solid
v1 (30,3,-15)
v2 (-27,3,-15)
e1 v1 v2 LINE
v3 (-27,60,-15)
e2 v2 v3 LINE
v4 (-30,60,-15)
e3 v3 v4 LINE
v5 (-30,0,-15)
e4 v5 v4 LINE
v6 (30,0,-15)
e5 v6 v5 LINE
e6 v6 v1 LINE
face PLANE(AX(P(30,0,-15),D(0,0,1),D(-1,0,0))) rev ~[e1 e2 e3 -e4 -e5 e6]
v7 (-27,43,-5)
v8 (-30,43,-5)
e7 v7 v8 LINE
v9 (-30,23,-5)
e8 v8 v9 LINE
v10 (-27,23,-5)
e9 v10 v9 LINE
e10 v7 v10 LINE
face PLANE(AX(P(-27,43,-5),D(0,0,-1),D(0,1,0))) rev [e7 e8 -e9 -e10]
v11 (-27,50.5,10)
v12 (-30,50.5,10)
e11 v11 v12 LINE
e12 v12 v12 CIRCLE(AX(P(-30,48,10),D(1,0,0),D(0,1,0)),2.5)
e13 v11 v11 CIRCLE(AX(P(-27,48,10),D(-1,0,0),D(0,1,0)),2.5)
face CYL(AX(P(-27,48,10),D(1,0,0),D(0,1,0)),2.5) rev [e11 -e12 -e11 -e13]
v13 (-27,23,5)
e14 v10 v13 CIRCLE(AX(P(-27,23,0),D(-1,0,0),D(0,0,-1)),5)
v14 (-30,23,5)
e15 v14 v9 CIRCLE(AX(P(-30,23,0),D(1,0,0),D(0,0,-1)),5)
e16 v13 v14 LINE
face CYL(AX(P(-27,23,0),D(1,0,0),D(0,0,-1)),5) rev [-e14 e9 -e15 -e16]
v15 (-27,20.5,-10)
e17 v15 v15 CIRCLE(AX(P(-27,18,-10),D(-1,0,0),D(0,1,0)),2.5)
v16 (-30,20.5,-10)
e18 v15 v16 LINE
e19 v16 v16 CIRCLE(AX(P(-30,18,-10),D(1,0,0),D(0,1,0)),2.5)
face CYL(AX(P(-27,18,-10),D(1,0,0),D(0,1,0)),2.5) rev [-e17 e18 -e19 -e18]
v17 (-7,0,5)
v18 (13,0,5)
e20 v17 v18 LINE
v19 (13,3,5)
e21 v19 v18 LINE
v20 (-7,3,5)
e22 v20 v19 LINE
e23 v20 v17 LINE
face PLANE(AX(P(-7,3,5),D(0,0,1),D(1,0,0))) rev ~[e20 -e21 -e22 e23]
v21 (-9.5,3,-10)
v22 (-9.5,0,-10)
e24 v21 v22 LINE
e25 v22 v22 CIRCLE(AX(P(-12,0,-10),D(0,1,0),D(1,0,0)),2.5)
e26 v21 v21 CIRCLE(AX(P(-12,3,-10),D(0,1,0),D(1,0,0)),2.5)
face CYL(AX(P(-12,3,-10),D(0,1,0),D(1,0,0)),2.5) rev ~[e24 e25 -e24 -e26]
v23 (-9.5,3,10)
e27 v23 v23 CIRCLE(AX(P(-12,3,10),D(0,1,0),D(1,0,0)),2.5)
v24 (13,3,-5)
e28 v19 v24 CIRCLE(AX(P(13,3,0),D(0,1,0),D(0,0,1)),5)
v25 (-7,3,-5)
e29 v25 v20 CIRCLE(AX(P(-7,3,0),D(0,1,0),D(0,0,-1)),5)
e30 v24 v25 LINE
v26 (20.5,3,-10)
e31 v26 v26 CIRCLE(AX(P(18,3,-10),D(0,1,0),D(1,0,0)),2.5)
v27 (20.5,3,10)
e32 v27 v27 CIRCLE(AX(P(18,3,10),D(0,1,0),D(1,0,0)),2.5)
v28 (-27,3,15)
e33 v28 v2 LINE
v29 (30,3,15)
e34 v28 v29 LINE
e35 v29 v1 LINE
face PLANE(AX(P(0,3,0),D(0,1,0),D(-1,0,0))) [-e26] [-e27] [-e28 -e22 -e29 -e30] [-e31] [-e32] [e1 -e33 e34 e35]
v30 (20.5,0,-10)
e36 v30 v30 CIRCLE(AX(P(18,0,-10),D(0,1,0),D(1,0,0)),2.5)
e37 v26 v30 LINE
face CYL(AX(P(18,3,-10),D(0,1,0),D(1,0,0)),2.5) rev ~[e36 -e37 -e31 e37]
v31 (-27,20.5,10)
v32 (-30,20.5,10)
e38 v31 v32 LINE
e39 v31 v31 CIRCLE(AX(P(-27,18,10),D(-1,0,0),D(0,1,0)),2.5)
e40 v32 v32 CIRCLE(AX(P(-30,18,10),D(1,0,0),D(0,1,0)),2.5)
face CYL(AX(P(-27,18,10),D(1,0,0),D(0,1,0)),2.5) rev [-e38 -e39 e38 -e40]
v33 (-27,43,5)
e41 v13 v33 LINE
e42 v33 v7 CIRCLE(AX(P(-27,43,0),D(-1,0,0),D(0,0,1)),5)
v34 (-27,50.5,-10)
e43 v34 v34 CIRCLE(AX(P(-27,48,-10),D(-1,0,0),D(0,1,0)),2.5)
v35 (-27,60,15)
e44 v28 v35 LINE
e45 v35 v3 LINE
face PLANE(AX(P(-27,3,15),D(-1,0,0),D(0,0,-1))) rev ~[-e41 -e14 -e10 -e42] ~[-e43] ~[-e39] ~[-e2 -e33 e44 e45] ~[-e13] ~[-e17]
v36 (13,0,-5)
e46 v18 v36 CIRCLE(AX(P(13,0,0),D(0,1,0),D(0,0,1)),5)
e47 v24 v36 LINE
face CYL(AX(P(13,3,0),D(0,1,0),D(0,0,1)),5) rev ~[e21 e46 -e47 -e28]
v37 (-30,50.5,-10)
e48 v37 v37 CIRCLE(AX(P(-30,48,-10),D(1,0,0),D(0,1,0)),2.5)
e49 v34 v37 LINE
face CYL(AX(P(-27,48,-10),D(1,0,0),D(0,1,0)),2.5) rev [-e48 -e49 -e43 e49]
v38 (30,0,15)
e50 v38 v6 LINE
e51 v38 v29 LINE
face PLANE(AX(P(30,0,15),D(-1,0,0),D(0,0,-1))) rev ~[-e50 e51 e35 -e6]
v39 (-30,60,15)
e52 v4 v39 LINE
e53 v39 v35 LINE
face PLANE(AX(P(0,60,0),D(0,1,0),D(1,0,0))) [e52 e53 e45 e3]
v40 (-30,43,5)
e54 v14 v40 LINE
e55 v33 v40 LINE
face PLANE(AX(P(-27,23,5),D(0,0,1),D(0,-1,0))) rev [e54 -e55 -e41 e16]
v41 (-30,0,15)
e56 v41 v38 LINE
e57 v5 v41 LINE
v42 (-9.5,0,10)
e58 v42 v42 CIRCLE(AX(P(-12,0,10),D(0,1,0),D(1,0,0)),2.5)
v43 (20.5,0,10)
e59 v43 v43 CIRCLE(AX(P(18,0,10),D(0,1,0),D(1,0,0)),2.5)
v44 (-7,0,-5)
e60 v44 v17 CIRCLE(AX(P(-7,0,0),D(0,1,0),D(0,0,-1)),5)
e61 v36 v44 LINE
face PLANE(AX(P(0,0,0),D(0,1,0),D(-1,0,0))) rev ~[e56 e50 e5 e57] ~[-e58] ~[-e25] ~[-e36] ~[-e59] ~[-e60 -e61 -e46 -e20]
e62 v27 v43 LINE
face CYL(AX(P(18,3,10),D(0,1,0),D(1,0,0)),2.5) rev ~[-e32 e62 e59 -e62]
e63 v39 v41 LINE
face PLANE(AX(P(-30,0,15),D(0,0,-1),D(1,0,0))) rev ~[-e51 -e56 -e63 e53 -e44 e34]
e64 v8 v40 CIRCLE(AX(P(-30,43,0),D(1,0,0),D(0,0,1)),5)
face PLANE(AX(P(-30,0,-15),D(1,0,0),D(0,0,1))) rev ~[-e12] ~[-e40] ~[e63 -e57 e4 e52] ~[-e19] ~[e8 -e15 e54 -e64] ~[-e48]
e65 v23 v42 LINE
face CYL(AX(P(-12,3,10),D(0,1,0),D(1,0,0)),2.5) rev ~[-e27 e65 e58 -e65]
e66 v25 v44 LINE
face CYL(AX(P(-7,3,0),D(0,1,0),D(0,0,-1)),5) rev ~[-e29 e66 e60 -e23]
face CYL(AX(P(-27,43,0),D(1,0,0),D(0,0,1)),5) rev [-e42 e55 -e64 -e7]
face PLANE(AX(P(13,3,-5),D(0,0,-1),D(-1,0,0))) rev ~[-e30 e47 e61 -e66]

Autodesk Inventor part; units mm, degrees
ref_plane "YZ Plane" through (0, 0, 0) normal (1, 0, 0) x (0, 1, 0)
ref_plane "XZ Plane" through (0, 0, 0) normal (0, 1, 0) x (-1, 0, 0)
sketch "Sketch1" plane through (0, 0, 0) normal (0, 1, 0) x (-1, 0, 0)
  line L0 (-30, -15) -> (30, -15)
  line L1 (30, -15) -> (30, 15)
  line L2 (30, 15) -> (-30, 15)
  line L3 (-30, 15) -> (-30, -15)
  line L4 (-30, -15) -> (30, 15) construction
  line L5 (30, -15) -> (-30, 15) construction
  point P0 (0, 0)
  dimension "d0" = 60
  dimension "d1" = 30
extrude "Extrusion1" add sketch "Sketch1" along normal blind 3
sketch "Sketch2" plane through (0, 3, 0) normal (0, 1, 0) x (1, 0, 0)
  line L0 (-30, 15) -> (-30, -15) projected
  line L1 (30, 15) -> (-30, 15) projected
  line L2 (-30, -15) -> (-27, -15)
  line L3 (-27, -15) -> (-27, 15)
  line L4 (-27, 15) -> (-30, 15)
  line L5 (-30, 15) -> (-30, -15)
  point P0 (0, 0)
  dimension "d4" = 3
extrude "Extrusion2" add sketch "Sketch2" along normal blind 57
sketch "Sketch3" plane through (0, 3, 0) normal (0, 1, 0) x (1, 0, 0)
  line L0 (-7, 0) -> (13, 0) construction
  line L1 (-7, -5) -> (13, -5)
  line L2 (13, 5) -> (-7, 5)
  arc A0 (-7, 5) -> (-7, -5) centre (-7, 0) ccw
  arc A1 (13, -5) -> (13, 5) centre (13, 0) ccw
  line L3 (3, 0) -> (23, 0) construction
  line L4 (-27, -15) -> (30, -15) projected
  line L5 (30, -15) -> (30, 15) projected
  circle A2 centre (18, -10) radius 2.5
  point P0 (18, 0)
  dimension "d7" = 10
  dimension "d8" = 0
  dimension "d9" = 10
  dimension "d10" = 5
  dimension "d11" = 12
  dimension "d12" = 5
  dimension "d23" = 0
extrude "Extrusion3" cut sketch "Sketch3" against normal through all contours A2
pattern_linear "Rectangular Pattern1" count 2 spacing 30 along (-1, 0, 0) count 2 spacing 20 along (0, 0, -1) of "Extrusion3"
extrude "Extrusion4" cut sketch "Sketch3" against normal through all contours A0 L2 A1 L1
ref_plane "Work Plane1" through (-27, 3, 0) normal (-0.7071, 0.7071, 0) x (0, 0, 1)
mirror "Mirror1" about plane through (-27, 3, 0) normal (-0.7071, 0.7071, 0) of "Extrusion3", "Rectangular Pattern1", "Extrusion4"
properties part number "L_Bracket"
